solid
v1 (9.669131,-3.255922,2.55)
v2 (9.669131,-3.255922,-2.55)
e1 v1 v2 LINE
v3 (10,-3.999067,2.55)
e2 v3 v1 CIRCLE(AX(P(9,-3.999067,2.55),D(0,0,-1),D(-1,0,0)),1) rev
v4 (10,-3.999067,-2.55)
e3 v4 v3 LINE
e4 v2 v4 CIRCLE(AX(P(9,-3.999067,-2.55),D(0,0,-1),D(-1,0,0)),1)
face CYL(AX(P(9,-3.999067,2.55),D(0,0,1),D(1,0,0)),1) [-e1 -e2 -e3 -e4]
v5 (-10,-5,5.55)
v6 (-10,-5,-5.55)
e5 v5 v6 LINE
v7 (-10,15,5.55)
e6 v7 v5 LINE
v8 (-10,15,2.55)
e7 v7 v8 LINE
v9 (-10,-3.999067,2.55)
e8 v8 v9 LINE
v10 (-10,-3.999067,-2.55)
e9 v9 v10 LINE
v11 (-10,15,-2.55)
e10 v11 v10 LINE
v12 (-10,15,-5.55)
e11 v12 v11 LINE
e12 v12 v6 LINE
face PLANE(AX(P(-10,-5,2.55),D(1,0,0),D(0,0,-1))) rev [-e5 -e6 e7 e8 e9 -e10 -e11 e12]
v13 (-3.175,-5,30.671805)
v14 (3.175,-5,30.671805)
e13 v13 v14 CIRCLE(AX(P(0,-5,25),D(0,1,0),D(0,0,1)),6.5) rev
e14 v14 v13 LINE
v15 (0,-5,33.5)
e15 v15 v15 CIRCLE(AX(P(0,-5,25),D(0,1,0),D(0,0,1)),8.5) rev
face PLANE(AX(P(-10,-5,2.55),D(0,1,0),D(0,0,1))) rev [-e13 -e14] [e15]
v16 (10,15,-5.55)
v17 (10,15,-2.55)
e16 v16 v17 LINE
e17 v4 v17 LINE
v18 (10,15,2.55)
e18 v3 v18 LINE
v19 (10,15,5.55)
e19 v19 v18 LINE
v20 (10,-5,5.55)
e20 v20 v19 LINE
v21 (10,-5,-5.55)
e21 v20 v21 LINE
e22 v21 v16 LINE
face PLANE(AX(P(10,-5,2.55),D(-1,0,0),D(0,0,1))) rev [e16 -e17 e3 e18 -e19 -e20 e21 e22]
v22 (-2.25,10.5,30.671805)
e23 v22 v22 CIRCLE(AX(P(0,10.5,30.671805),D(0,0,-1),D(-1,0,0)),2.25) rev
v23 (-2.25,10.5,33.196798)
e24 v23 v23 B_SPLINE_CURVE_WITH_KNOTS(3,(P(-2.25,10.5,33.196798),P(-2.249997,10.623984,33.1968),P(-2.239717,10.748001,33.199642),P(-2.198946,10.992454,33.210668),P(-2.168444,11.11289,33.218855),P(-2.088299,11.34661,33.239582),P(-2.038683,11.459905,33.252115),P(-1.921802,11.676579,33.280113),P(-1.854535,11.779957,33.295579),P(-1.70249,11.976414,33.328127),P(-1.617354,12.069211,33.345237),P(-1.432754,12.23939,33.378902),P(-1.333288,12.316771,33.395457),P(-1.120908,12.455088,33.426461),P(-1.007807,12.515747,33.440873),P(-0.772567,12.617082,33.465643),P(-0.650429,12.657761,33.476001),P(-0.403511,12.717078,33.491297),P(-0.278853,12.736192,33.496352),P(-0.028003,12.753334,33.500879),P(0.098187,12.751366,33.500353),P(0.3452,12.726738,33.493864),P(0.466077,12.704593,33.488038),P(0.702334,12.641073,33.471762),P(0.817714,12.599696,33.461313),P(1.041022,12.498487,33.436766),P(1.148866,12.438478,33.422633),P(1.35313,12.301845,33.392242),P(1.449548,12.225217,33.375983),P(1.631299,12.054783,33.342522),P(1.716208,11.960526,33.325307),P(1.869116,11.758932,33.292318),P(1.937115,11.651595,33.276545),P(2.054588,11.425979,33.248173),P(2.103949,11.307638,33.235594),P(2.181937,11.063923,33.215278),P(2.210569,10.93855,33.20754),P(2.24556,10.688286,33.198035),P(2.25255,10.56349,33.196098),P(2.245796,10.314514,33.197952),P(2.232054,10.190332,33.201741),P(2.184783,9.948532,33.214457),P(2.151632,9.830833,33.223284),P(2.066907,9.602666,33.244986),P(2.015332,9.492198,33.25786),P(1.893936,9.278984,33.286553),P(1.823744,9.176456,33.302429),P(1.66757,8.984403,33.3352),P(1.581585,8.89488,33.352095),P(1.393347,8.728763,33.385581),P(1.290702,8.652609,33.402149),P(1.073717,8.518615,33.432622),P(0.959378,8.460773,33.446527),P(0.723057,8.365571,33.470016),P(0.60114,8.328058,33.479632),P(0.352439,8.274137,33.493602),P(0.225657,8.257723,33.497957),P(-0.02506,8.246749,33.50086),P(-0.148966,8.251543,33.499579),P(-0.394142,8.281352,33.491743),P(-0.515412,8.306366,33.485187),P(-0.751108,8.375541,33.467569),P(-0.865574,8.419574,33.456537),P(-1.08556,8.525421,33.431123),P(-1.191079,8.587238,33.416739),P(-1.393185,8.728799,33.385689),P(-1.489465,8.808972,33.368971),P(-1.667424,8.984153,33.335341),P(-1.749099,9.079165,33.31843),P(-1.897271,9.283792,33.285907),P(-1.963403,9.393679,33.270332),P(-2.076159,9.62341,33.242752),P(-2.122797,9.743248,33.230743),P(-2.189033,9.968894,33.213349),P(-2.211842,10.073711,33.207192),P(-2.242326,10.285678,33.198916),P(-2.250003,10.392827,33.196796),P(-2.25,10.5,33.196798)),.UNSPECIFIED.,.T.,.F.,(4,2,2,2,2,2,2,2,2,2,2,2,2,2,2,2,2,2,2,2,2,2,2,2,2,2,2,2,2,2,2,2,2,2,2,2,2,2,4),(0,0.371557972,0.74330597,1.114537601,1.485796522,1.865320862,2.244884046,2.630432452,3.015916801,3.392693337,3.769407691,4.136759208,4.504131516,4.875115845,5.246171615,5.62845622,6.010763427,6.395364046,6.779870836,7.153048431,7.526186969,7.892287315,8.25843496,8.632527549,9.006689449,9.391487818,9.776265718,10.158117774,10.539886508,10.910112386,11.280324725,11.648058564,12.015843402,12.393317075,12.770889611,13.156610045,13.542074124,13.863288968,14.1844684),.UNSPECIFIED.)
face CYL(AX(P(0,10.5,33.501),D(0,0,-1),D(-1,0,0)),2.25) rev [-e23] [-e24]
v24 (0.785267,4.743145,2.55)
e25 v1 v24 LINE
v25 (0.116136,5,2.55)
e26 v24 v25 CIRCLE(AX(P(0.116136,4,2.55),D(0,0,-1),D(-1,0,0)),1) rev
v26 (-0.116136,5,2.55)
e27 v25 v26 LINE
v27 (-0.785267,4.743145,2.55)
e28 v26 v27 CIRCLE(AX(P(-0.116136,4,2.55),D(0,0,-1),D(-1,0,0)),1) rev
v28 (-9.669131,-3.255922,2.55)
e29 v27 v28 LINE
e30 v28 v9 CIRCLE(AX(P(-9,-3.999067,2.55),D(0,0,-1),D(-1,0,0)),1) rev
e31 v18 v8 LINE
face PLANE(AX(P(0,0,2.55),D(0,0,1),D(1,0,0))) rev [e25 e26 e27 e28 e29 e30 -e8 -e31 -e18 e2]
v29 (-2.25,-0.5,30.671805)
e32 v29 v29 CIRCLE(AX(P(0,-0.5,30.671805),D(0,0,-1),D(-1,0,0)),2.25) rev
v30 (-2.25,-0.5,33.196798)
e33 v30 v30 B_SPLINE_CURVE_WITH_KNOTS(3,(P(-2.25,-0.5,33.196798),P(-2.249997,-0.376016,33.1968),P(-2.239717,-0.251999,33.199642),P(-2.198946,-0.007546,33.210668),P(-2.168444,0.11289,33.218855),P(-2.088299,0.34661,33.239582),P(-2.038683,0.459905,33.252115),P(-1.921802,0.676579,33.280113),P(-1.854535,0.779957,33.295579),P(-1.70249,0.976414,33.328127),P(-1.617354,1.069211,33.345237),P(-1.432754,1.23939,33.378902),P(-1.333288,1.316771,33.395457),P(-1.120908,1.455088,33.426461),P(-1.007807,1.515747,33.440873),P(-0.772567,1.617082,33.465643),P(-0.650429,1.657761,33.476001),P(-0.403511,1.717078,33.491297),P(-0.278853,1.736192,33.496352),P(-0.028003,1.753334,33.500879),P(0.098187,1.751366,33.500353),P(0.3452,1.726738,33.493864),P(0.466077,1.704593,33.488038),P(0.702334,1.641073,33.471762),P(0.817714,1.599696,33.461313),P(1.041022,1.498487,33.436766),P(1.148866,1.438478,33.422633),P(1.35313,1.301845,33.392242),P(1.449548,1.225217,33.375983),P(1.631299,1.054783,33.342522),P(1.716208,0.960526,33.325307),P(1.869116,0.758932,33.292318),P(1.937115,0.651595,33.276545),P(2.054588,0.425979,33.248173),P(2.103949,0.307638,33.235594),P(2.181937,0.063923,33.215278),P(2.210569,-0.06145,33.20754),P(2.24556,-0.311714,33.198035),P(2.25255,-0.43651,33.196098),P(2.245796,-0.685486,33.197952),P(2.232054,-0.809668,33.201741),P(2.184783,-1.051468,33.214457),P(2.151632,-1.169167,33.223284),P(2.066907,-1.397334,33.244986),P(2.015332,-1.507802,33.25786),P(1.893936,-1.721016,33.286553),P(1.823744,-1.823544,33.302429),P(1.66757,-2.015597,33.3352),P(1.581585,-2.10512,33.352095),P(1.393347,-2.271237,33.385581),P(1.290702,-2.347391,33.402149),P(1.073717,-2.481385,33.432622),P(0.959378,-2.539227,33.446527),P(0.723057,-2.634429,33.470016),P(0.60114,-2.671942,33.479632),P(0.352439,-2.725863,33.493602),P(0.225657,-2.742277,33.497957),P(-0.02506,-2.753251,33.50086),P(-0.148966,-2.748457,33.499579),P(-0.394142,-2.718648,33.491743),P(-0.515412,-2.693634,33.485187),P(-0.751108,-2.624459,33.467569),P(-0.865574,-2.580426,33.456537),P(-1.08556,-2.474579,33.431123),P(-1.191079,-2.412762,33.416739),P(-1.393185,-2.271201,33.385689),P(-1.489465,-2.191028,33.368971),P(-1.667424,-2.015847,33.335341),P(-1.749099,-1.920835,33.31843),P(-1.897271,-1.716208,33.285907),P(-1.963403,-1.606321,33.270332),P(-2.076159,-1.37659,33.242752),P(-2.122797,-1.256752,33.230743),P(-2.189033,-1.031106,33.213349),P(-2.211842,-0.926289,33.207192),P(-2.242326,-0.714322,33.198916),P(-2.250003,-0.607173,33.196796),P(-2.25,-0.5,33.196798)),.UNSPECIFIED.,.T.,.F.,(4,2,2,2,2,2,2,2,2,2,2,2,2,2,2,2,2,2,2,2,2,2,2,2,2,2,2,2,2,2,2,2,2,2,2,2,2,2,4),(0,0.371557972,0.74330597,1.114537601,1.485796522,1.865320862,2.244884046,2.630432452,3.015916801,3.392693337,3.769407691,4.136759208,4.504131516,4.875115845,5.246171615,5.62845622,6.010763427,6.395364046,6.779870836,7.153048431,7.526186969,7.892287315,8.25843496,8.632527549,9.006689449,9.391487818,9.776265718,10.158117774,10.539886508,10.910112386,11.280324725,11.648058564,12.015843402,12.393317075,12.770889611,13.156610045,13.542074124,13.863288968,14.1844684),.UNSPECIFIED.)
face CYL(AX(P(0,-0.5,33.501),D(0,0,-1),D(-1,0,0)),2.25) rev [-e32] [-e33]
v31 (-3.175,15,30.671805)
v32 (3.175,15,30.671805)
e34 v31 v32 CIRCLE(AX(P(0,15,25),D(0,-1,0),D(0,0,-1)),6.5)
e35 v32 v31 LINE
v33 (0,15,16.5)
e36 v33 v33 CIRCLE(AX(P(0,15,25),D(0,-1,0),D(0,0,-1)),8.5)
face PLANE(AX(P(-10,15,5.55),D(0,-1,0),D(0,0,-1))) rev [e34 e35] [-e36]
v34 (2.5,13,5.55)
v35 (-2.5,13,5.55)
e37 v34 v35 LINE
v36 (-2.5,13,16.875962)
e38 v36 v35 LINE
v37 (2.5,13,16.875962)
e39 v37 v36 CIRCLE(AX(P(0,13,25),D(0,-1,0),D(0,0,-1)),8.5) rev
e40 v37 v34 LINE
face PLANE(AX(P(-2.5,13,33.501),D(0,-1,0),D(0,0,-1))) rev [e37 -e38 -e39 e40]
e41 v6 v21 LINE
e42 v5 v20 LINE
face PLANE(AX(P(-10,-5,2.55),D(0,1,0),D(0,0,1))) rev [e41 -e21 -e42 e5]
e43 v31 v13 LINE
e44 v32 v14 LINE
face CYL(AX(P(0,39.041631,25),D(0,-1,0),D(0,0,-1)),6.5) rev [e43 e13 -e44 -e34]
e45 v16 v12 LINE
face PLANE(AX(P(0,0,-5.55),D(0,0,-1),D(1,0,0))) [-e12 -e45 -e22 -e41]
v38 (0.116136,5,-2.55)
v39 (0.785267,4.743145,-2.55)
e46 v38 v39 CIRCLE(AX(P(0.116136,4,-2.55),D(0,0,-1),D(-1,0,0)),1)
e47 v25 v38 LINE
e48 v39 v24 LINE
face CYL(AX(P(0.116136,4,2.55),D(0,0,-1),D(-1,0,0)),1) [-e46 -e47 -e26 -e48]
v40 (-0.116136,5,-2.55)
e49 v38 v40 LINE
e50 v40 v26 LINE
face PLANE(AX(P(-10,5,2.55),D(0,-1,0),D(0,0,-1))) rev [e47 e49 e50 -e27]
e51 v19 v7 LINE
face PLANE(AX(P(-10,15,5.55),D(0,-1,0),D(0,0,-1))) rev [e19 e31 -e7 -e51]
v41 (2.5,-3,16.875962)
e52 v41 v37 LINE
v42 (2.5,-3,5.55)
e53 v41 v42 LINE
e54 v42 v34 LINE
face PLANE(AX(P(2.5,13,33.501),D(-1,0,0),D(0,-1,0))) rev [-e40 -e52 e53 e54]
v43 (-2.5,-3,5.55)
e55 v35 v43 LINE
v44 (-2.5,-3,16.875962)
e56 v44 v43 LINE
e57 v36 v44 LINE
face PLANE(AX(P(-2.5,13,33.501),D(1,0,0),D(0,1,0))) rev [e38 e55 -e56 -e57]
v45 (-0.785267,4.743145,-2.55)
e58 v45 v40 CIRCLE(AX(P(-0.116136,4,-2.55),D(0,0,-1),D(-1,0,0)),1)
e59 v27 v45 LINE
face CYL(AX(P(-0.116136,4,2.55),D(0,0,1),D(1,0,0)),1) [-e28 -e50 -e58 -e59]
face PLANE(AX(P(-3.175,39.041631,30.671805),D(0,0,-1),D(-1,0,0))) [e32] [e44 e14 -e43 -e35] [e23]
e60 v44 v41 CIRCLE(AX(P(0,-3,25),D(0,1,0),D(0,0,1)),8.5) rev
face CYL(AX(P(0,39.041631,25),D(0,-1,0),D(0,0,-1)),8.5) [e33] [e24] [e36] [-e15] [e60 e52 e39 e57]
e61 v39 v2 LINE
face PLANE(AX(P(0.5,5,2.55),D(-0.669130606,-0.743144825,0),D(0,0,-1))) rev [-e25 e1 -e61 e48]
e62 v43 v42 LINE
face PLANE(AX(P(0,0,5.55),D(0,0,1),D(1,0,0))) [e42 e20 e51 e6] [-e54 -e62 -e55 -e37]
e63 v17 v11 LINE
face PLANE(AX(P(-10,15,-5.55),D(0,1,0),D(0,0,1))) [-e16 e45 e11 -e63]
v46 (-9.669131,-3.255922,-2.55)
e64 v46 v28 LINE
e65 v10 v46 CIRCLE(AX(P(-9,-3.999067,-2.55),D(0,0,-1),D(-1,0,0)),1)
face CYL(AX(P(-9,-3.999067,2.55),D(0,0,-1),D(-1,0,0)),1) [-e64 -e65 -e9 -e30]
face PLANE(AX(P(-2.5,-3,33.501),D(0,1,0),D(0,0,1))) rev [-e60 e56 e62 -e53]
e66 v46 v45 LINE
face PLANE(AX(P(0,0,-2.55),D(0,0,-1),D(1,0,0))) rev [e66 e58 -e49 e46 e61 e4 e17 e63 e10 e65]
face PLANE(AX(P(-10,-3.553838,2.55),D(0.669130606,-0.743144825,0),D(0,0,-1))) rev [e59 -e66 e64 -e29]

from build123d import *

# Parameters (mm, degrees)
SKETCH2_W                       = 20
SKETCH2_H                       = 10
BOSS_EXTRUDE1_DEPTH             = 2.55
CHAMFER1_SIZE                   = 9.5
CHAMFER1_SIZE2                  = 8.553838421
FILLET3_R                       = 1
SKETCH3_W                       = 20
SKETCH3_H                       = 20
BOSS_EXTRUDE2_DEPTH             = 3
BOSS_EXTRUDE3_REACH             = 20.863
SKETCH6_R                       = 8.5
BOSS_EXTRUDE3_DIRECTION_2_REACH = 20.863
BOSS_EXTRUDE4_REACH             = 35.26
BOSS_EXTRUDE4_END_RADIUS        = 8.5
SKETCH5_W                       = 5
SKETCH5_H                       = 16
CUT_EXTRUDE1_REACH              = 33.27
CUT_EXTRUDE1_END_RADIUS         = 8.5
SKETCH7_R                       = 2.25


with BuildPart() as part:
    # Sketch2 → Boss-Extrude1 (new, symmetric)
    with BuildSketch(Plane.XY):
        Rectangle(SKETCH2_W, SKETCH2_H)
    extrude(amount=BOSS_EXTRUDE1_DEPTH, both=True)

    # Chamfer1
    chamfer1_edges = [part.edges().sort_by_distance(p)[0] for p in [
        (-10, 5, 0),
        (10, 5, 0),
    ]]
    chamfer1_side = [part.faces().sort_by_distance(p)[0] for p in [
        (0, 5, 0),
    ]]
    chamfer(chamfer1_edges, length=CHAMFER1_SIZE, length2=CHAMFER1_SIZE2, reference=chamfer1_side[0])

    # Fillet3
    fillet3_edges = [part.edges().sort_by_distance(p)[0] for p in [
        (-0.5, 5, 0),
        (0.5, 5, 0),
        (10, -3.553838421, 0),
        (-10, -3.553838421, 0),
    ]]
    fillet(fillet3_edges, radius=FILLET3_R)

    # Sketch3 → Boss-Extrude2 (add)
    with BuildSketch(Plane.XY.offset(2.55)):
        with Locations((0, 5)):
            Rectangle(SKETCH3_W, SKETCH3_H)
    boss_extrude2 = extrude(amount=BOSS_EXTRUDE2_DEPTH)

    # Mirror1: Boss-Extrude2 across plane
    add(boss_extrude2.mirror(Plane.XY))


with BuildPart() as body_2:

    # Boss-Extrude3: up to this face of the body (flat: up to its plane)
    boss_extrude3_end = Plane(part.part.faces().sort_by_distance((0, 15, 4.05))[0])
    # Sketch6 → Boss-Extrude3 (new, up to the picked face)
    with BuildSketch(Plane(origin=(0, 0, 0), x_dir=(1, 0, 0), z_dir=(0, 1, 0)), mode=Mode.PRIVATE) as boss_extrude3_sk1:
        with Locations(Location((0, -25, 0), (0, 0, 90))):
            Circle(SKETCH6_R)
        with BuildLine():
            Line((-3.175, -30.671805268), (3.175, -30.671805268))
            ThreePointArc((3.175, -30.671805268), (0, -18.5), (-3.175, -30.671805268))
        make_face(mode=Mode.SUBTRACT)
    boss_extrude3_tool1 = split(extrude(boss_extrude3_sk1.sketch, amount=BOSS_EXTRUDE3_REACH, mode=Mode.PRIVATE), bisect_by=boss_extrude3_end, keep=Keep.BOTH, mode=Mode.PRIVATE)
    add(boss_extrude3_tool1.solids().sort_by(Axis((0, 0, 33.259584), (0, 1, 0)))[0])


    # Boss-Extrude3 direction 2: up to this face of the body (flat: up to its plane)
    boss_extrude3_direction_2_end = Plane(part.part.faces().sort_by_distance((0, -5, 0))[0])
    # Sketch6 → Boss-Extrude3 direction 2 (add, up to the picked face)
    with BuildSketch(Plane(origin=(0, 0, 0), x_dir=(1, 0, 0), z_dir=(0, 1, 0)), mode=Mode.PRIVATE) as boss_extrude3_direction_2_sk1:
        with Locations(Location((0, -25, 0), (0, 0, 90))):
            Circle(SKETCH6_R)
        with BuildLine():
            Line((-3.175, -30.671805268), (3.175, -30.671805268))
            ThreePointArc((3.175, -30.671805268), (0, -18.5), (-3.175, -30.671805268))
        make_face(mode=Mode.SUBTRACT)
    boss_extrude3_direction_2_tool1 = split(extrude(boss_extrude3_direction_2_sk1.sketch, amount=-BOSS_EXTRUDE3_DIRECTION_2_REACH, mode=Mode.PRIVATE), bisect_by=boss_extrude3_direction_2_end, keep=Keep.BOTH, mode=Mode.PRIVATE)
    add(boss_extrude3_direction_2_tool1.solids().sort_by(Axis((0, 0, 33.259584), (0, -1, 0)))[0])


with BuildPart() as part_1:
    add(part.part)

    add(body_2.part)  # Boss-Extrude4 merges body 2
    # Boss-Extrude4: up to this cylinder (the profile starts outside it)
    boss_extrude4_end = Plane(origin=(0, 5, 25), z_dir=(0, -1, 0)) * Cylinder(BOSS_EXTRUDE4_END_RADIUS, 88.52, mode=Mode.PRIVATE)
    # Sketch5 → Boss-Extrude4 (add, up to the surface)
    with BuildSketch(Plane.XY.offset(5.55), mode=Mode.PRIVATE) as boss_extrude4_sk1:
        with Locations((0, 5)):
            Rectangle(SKETCH5_W, SKETCH5_H)
    boss_extrude4_tool1 = extrude(boss_extrude4_sk1.sketch, amount=BOSS_EXTRUDE4_REACH, mode=Mode.PRIVATE) - boss_extrude4_end
    add(boss_extrude4_tool1.solids().sort_by_distance((0, 5, 5.55))[0])

    # Cut-Extrude1: up to this cylinder (the profile starts inside it)
    cut_extrude1_end = Plane(origin=(0, 5, 25), z_dir=(0, -1, 0)) * Cylinder(CUT_EXTRUDE1_END_RADIUS, 95.54, mode=Mode.PRIVATE)
    # Sketch7 → Cut-Extrude1 (cut, up to the surface)
    with BuildSketch(Plane.XY.offset(20), mode=Mode.PRIVATE) as cut_extrude1_sk1:
        with Locations(Location((0, 10.5, 0), (0, 0, 180))):
            Circle(SKETCH7_R)
    cut_extrude1_tool1 = extrude(cut_extrude1_sk1.sketch, amount=CUT_EXTRUDE1_REACH, mode=Mode.PRIVATE) & cut_extrude1_end
    add(cut_extrude1_tool1.solids().sort_by_distance((0, 10.5, 20))[0], mode=Mode.SUBTRACT)
    # Sketch7 → Cut-Extrude1 (cut, up to the surface)
    with BuildSketch(Plane.XY.offset(20), mode=Mode.PRIVATE) as cut_extrude1_sk2:
        with Locations(Location((0, -0.5, 0), (0, 0, 180))):
            Circle(SKETCH7_R)
    cut_extrude1_tool2 = extrude(cut_extrude1_sk2.sketch, amount=CUT_EXTRUDE1_REACH, mode=Mode.PRIVATE) & cut_extrude1_end
    add(cut_extrude1_tool2.solids().sort_by_distance((0, -0.5, 20))[0], mode=Mode.SUBTRACT)


solid = part_1.part
